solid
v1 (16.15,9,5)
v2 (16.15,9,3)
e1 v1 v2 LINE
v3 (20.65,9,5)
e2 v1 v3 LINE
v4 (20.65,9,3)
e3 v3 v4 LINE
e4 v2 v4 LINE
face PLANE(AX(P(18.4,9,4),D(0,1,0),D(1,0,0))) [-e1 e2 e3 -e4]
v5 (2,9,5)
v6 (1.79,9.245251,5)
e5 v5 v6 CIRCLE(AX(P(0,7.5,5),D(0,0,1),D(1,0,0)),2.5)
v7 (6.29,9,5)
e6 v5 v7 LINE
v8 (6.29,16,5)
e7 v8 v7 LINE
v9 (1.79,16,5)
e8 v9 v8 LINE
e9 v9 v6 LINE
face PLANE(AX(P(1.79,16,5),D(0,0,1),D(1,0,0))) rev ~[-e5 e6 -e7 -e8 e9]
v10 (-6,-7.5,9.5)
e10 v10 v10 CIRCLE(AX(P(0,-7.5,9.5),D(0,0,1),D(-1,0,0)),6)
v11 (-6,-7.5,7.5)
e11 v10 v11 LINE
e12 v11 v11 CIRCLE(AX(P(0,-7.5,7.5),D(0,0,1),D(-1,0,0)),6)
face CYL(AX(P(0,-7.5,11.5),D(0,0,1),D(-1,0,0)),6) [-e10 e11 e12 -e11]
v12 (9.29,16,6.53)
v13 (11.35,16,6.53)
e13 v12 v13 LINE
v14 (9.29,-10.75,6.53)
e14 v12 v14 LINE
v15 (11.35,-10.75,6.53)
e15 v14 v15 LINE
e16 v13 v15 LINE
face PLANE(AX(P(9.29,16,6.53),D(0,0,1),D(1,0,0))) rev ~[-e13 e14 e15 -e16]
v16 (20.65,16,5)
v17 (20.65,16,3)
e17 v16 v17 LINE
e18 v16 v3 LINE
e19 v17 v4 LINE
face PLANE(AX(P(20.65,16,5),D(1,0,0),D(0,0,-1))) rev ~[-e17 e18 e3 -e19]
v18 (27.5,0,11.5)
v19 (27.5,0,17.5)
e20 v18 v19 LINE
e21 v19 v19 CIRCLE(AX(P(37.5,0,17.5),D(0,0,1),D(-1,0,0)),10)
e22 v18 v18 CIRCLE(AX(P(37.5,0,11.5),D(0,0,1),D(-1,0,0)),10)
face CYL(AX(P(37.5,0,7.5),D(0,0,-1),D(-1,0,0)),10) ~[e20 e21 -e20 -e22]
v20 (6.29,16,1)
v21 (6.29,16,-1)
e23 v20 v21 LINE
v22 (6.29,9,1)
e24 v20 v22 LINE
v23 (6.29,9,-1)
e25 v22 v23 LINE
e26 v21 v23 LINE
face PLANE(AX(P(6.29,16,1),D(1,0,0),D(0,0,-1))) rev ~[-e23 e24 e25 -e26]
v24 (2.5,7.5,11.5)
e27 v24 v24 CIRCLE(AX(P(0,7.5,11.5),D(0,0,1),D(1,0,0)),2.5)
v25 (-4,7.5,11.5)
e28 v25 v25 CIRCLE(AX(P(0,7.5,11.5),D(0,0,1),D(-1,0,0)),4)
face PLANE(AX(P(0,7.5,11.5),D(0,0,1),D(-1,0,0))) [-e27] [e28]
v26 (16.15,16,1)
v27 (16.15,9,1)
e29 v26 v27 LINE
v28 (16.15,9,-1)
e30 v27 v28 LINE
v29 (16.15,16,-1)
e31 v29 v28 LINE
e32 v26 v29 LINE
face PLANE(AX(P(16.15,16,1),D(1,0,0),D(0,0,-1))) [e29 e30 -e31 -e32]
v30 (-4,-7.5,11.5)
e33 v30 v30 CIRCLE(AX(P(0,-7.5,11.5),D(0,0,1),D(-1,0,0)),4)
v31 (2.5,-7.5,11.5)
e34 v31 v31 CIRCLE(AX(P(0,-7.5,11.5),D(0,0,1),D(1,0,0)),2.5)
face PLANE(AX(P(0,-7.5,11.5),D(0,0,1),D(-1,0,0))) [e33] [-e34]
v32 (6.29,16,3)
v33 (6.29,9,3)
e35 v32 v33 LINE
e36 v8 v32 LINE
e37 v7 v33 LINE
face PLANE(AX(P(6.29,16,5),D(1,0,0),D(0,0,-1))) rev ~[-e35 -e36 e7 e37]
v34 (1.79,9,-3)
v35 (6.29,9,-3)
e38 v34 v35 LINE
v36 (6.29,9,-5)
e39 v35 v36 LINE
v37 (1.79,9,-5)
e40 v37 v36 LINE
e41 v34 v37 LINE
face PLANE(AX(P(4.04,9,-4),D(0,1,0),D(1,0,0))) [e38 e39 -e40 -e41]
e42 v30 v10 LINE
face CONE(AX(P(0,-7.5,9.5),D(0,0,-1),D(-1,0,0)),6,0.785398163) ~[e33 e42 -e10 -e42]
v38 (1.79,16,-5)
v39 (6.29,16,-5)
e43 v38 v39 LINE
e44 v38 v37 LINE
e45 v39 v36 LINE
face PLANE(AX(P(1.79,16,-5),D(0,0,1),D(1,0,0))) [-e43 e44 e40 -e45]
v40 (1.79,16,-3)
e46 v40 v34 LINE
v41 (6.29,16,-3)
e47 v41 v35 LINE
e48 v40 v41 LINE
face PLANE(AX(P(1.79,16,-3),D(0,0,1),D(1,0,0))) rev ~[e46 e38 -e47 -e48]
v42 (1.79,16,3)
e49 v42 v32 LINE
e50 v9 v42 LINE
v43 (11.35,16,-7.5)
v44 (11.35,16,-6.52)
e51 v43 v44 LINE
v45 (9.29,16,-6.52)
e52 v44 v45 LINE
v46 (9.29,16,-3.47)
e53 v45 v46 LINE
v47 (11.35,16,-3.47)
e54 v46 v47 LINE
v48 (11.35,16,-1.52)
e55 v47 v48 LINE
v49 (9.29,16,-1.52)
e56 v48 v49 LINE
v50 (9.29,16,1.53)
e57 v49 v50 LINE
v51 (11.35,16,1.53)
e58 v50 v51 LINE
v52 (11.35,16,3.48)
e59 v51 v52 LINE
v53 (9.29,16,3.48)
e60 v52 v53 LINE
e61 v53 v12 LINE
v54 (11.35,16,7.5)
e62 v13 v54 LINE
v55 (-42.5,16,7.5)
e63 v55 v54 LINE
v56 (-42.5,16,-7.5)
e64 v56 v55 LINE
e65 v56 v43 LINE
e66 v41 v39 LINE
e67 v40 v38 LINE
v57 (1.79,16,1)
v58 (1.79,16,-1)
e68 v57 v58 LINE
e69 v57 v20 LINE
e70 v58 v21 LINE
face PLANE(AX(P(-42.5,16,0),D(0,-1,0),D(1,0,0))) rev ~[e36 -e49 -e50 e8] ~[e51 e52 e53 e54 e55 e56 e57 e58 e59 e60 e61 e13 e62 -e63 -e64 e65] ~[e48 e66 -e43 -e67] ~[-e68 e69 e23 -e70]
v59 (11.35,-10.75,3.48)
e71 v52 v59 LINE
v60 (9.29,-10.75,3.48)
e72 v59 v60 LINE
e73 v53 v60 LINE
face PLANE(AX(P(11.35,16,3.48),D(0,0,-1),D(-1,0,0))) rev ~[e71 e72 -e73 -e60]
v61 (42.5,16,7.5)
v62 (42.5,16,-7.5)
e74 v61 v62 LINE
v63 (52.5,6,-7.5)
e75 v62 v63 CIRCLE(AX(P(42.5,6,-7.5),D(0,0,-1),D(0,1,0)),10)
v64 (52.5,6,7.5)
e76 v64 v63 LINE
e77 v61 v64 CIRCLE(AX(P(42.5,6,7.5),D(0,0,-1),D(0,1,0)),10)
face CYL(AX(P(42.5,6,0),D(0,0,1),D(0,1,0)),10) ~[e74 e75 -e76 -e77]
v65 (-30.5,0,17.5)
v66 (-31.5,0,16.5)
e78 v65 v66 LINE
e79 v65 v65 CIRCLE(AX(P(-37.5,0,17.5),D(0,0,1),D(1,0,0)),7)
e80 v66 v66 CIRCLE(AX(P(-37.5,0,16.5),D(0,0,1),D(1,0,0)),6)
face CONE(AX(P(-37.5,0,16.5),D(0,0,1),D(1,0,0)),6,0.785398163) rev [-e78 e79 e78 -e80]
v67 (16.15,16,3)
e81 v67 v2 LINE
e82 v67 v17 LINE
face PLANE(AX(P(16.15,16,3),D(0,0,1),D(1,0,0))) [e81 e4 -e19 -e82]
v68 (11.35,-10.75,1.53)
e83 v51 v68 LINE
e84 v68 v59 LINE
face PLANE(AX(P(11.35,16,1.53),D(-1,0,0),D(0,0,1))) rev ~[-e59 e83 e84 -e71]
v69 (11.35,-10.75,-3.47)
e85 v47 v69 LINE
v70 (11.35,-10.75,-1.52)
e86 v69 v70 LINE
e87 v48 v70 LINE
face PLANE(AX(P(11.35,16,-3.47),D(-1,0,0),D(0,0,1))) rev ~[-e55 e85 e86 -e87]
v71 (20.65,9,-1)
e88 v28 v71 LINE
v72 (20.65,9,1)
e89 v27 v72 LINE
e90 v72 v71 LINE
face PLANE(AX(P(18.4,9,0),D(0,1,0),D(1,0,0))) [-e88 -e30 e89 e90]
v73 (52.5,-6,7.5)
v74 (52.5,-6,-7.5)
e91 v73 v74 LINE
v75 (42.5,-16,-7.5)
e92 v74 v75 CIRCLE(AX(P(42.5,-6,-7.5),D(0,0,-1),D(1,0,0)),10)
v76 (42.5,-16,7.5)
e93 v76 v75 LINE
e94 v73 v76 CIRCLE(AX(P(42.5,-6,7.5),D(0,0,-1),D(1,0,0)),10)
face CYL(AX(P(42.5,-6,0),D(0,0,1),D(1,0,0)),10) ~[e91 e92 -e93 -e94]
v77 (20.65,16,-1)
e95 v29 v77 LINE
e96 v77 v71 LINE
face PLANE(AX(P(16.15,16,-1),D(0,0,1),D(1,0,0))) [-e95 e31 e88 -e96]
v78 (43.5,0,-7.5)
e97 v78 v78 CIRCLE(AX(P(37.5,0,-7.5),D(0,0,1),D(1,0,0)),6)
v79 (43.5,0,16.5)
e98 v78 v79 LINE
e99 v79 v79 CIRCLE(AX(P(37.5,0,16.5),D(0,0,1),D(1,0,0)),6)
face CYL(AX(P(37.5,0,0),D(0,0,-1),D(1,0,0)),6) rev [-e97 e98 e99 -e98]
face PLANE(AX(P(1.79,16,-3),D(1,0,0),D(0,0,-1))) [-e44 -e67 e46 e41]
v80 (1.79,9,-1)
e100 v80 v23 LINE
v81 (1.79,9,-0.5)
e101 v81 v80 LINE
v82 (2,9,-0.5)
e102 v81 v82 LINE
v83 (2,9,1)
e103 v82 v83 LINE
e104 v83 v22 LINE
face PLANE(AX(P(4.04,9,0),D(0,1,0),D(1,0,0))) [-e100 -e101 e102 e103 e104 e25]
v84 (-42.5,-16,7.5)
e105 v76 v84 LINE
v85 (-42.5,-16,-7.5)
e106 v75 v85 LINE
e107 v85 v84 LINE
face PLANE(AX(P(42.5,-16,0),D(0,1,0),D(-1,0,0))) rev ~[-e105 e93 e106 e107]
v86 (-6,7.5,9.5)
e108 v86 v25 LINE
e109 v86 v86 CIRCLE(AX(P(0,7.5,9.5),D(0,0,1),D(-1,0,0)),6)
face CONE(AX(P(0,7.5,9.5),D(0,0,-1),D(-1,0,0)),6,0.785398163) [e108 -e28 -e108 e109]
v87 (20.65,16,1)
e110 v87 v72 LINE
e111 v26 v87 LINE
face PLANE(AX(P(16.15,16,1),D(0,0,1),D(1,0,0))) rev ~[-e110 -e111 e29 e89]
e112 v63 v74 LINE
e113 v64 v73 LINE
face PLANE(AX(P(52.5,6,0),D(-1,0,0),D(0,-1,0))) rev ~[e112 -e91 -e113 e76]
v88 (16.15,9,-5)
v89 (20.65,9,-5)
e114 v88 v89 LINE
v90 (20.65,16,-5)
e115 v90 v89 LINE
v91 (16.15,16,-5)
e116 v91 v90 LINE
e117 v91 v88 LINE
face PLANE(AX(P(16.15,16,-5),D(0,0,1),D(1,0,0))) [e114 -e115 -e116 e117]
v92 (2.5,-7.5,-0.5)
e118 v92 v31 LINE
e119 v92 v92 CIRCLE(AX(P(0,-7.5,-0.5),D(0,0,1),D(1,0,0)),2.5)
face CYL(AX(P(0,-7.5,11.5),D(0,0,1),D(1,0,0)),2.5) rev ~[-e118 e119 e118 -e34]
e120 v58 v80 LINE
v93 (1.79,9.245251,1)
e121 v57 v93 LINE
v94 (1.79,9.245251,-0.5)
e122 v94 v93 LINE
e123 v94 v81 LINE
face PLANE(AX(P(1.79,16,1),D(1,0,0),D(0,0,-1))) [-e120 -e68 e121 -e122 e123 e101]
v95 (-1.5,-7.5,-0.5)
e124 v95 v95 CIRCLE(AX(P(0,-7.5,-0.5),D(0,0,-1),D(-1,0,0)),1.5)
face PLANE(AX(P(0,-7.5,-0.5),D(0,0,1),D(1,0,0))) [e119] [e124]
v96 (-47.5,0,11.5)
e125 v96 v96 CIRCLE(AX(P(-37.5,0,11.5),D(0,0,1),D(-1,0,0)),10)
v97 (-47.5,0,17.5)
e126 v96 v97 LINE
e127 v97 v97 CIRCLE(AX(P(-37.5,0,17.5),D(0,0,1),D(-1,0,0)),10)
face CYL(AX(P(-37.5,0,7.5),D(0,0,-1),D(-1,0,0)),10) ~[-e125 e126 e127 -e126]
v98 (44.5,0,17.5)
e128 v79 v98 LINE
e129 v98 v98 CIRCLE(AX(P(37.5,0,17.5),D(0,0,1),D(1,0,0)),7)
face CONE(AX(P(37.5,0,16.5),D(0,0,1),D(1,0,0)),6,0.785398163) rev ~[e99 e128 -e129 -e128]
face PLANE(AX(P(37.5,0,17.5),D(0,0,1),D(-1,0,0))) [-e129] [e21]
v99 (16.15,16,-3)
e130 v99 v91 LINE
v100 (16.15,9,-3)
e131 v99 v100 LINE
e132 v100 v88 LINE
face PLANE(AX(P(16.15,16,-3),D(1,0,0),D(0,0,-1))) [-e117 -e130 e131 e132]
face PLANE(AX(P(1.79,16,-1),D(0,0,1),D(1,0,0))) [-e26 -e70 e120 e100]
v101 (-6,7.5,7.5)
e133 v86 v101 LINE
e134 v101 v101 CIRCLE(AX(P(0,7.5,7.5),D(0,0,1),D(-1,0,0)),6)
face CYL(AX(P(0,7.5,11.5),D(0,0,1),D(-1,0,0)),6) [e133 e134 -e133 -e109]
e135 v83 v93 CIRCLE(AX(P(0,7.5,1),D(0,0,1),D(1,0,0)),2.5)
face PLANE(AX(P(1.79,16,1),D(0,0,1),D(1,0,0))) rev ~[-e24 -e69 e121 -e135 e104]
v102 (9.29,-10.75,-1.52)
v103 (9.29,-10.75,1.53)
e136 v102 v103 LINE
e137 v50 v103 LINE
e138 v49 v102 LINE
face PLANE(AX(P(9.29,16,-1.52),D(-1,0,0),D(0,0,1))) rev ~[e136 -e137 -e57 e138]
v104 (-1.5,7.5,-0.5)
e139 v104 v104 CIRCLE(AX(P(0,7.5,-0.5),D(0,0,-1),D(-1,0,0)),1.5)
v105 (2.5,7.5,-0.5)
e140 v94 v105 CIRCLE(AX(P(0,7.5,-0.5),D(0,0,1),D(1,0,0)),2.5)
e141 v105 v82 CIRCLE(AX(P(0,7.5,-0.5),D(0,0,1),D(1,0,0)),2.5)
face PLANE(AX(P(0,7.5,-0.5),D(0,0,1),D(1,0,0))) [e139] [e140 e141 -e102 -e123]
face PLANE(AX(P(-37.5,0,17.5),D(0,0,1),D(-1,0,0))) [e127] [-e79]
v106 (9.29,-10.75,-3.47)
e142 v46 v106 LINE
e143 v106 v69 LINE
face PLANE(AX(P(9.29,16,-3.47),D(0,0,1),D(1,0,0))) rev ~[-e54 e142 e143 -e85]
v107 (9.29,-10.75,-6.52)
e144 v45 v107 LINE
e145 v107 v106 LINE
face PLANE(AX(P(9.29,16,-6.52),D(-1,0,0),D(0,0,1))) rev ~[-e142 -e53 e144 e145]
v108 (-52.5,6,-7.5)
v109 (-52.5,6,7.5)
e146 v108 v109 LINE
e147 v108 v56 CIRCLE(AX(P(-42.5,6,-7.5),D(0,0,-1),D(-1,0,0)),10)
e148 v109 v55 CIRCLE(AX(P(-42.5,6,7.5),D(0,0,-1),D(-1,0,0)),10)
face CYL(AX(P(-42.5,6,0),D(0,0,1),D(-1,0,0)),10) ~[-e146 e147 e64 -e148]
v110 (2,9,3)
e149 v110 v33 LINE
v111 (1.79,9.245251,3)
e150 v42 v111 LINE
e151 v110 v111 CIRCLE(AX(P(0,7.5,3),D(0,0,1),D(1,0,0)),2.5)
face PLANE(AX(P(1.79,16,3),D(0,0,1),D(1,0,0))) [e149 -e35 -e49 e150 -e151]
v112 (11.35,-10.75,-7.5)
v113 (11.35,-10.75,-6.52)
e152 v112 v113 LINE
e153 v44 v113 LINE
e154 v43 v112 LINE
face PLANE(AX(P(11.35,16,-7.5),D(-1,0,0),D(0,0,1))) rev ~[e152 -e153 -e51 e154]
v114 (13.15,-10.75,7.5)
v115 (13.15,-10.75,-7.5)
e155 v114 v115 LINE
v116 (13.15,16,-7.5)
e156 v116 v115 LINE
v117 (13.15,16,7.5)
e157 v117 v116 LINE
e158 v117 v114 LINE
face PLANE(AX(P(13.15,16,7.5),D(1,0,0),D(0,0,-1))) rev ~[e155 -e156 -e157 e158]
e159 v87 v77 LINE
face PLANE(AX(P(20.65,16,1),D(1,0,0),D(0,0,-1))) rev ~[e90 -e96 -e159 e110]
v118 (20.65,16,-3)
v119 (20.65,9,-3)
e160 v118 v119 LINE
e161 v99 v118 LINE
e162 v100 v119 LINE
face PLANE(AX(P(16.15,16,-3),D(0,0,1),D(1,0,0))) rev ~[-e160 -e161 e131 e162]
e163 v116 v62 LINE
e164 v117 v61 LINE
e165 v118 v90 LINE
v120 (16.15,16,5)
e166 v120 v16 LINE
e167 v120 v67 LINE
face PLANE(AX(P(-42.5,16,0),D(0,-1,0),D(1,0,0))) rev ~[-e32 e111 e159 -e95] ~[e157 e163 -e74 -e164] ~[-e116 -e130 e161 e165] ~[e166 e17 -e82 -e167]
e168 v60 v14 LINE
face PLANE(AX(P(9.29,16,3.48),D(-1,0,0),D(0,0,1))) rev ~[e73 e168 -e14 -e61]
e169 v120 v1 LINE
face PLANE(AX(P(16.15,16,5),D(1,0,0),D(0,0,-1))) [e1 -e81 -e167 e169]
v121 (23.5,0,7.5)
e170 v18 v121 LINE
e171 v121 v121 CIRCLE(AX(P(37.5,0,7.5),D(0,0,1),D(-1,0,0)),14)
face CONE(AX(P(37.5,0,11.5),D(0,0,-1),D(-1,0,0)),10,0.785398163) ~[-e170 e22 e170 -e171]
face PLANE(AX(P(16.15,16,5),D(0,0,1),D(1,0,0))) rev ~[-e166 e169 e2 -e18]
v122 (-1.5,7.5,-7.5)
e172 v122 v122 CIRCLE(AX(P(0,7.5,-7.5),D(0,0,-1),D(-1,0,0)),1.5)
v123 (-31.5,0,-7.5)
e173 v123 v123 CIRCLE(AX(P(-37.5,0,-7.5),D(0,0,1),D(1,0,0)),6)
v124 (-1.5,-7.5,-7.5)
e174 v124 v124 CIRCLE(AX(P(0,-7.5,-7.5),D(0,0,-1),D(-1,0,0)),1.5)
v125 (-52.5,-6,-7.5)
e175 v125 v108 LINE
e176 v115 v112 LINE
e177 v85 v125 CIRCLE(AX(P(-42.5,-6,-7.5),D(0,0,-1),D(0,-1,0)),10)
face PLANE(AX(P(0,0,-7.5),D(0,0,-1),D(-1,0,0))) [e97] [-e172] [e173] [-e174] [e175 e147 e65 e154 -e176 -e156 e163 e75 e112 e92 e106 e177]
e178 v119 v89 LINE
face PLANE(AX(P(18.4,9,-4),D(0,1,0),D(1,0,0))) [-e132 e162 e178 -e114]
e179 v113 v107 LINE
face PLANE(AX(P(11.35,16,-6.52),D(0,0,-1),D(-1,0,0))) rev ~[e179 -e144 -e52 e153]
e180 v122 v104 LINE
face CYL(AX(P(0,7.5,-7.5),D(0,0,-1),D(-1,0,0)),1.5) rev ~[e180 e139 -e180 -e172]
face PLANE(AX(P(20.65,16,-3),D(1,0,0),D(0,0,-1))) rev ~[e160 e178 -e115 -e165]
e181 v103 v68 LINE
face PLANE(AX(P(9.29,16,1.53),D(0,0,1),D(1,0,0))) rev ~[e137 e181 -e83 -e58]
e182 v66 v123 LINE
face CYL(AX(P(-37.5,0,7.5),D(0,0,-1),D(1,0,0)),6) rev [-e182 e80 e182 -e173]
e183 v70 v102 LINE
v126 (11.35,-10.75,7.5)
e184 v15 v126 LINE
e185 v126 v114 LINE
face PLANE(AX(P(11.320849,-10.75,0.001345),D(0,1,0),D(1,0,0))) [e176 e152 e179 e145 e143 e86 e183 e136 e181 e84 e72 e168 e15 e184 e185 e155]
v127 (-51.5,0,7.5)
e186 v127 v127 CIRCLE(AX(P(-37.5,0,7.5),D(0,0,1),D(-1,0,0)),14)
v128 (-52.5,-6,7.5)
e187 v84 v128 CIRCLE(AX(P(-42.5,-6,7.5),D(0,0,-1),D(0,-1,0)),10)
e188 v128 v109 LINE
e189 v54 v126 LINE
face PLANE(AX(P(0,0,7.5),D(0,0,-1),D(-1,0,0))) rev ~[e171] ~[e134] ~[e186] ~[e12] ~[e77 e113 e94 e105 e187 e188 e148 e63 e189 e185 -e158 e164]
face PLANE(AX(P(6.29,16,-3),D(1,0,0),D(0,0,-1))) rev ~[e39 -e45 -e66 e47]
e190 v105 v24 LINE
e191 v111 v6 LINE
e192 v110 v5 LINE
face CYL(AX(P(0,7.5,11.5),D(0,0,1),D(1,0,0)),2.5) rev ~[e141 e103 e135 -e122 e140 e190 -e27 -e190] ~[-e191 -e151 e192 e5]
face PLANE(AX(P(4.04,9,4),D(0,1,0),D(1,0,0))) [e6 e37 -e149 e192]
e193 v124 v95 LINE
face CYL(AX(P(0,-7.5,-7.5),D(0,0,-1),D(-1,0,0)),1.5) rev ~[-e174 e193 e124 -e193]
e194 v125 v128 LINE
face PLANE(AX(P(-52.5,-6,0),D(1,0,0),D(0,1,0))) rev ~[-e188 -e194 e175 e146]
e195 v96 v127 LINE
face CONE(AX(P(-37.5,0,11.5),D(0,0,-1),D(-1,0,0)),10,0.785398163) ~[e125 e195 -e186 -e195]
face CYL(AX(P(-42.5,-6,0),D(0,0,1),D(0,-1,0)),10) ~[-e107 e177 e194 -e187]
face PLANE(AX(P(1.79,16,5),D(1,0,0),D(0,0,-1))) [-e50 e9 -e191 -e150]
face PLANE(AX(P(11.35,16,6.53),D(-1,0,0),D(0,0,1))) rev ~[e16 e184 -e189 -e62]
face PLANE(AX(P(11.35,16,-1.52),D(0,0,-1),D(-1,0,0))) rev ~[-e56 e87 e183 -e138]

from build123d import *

# Parameters (mm, degrees)
SKETCH_1_R          = 6
EXTRUDE_1_DEPTH     = 7.5
CUT_EXTRUDE_1_DEPTH = 26.75
SKETCH_4_W          = 4.5
SKETCH_4_H          = 2
CUT_EXTRUDE_2_DEPTH = 7
SKETCH_5_R          = 10
SKETCH_5_R_2        = 6
EXTRUDE_2_DEPTH     = 10
CHAMFER_1_SIZE      = 4
CHAMFER_2_SIZE      = 1
SKETCH_6_R          = 1.5
CUT_EXTRUDE_3_DEPTH = 61.309617807
SKETCH_8_R          = 2.5
CUT_EXTRUDE_4_DEPTH = 8
EXTRUDE_START       = 4
SKETCH_9_R          = 6
SKETCH_9_R_2        = 2.5
EXTRUDE_3_DEPTH     = 4
CHAMFER_4_SIZE      = 2


with BuildPart() as part:
    # 草图1 → 凸台-拉伸1 (new, symmetric)
    with BuildSketch(Plane.XY):
        with BuildLine():
            Line((-42.5, 16), (42.5, 16))
            ThreePointArc((42.5, 16), (49.571067812, 13.071067812), (52.5, 6))
            Line((52.5, 6), (52.5, -6))
            ThreePointArc((52.5, -6), (49.571067812, -13.071067812), (42.5, -16))
            Line((42.5, -16), (-42.5, -16))
            ThreePointArc((-42.5, -16), (-49.571067812, -13.071067812), (-52.5, -6))
            Line((-52.5, -6), (-52.5, 6))
            ThreePointArc((-52.5, 6), (-49.571067812, 13.071067812), (-42.5, 16))
        make_face()
        with Locations((-37.5, 0)):
            Circle(SKETCH_1_R, mode=Mode.SUBTRACT)
        with Locations((37.5, 0)):
            Circle(SKETCH_1_R, mode=Mode.SUBTRACT)
    extrude(amount=EXTRUDE_1_DEPTH, both=True)

    # 草图2 → 切除-拉伸1 (cut)
    with BuildSketch(Plane(origin=(0, 16, 0), x_dir=(1, 0, 0), z_dir=(0, 1, 0))):
        Polygon((13.15, 7.5), (11.35, 7.5), (11.35, 6.52), (9.29, 6.52), (9.29, 3.47), (11.35, 3.47), (11.35, 1.52), (9.29, 1.52), (9.29, -1.53), (11.35, -1.53), (11.35, -3.48), (9.29, -3.48), (9.29, -6.53), (11.35, -6.53), (11.35, -7.5), (13.15, -7.5), align=None)
    extrude(amount=-CUT_EXTRUDE_1_DEPTH, mode=Mode.SUBTRACT)

    # 草图4 → 切除-拉伸2 (cut)
    with BuildSketch(Plane(origin=(0, 16, 0), x_dir=(1, 0, 0), z_dir=(0, 1, 0))):
        with Locations((4.04, 4)):
            Rectangle(SKETCH_4_W, SKETCH_4_H)
        with Locations((4.04, 0)):
            Rectangle(SKETCH_4_W, SKETCH_4_H)
        with Locations((4.04, -4)):
            Rectangle(SKETCH_4_W, SKETCH_4_H)
        with Locations((18.4, 4)):
            Rectangle(SKETCH_4_W, SKETCH_4_H)
        with Locations((18.4, 0)):
            Rectangle(SKETCH_4_W, SKETCH_4_H)
        with Locations((18.4, -4)):
            Rectangle(SKETCH_4_W, SKETCH_4_H)
    extrude(amount=-CUT_EXTRUDE_2_DEPTH, mode=Mode.SUBTRACT)

    # 草图5 → 凸台-拉伸2 (add)
    # profile 1 of 2: a face of its own
    with BuildSketch(Plane.XY.offset(7.5)):
        with Locations(Location((-37.5, 0, 0), (0, 0, 180))):
            Circle(SKETCH_5_R)
        with Locations((-37.5, 0)):
            Circle(SKETCH_5_R_2, mode=Mode.SUBTRACT)
    # profile 2 of 2: a face of its own
    with BuildSketch(Plane.XY.offset(7.5)):
        with Locations(Location((37.5, 0, 0), (0, 0, 180))):
            Circle(SKETCH_5_R)
        with Locations((37.5, 0)):
            Circle(SKETCH_5_R_2, mode=Mode.SUBTRACT)
    extrude(amount=EXTRUDE_2_DEPTH)

    # 倒角1
    chamfer_1_edges = [part.edges().sort_by_distance(p)[0] for p in [
        (-27.5, 0, 7.5),
        (47.5, 0, 7.5),
    ]]
    chamfer(chamfer_1_edges, length=CHAMFER_1_SIZE)

    # 倒角2
    chamfer_2_edges = [part.edges().sort_by_distance(p)[0] for p in [
        (-43.5, 0, 17.5),
        (31.5, 0, 17.5),
    ]]
    chamfer(chamfer_2_edges, length=CHAMFER_2_SIZE)

    # 草图6 → 切除-拉伸3 (cut, through all)
    with BuildSketch(Plane(origin=(0, 0, -7.5), x_dir=(-1, 0, 0), z_dir=(0, 0, -1))):
        with Locations((0, 7.5)):
            Circle(SKETCH_6_R)
        with Locations((0, -7.5)):
            Circle(SKETCH_6_R)
    extrude(amount=-CUT_EXTRUDE_3_DEPTH, mode=Mode.SUBTRACT)

    # 草图8 → 切除-拉伸4 (cut)
    with BuildSketch(Plane.XY.offset(7.5)):
        with Locations((0, 7.5)):
            Circle(SKETCH_8_R)
        with Locations((0, -7.5)):
            Circle(SKETCH_8_R)
    extrude(amount=-CUT_EXTRUDE_4_DEPTH, mode=Mode.SUBTRACT)

    # 草图9 → 凸台-拉伸3 (add)
    # profile 1 of 2: a face of its own
    with BuildSketch(Plane.XY.offset(7.5).offset(EXTRUDE_START)):
        with Locations(Location((0, 7.5, 0), (0, 0, 180))):
            Circle(SKETCH_9_R)
        with Locations((0, 7.5)):
            Circle(SKETCH_9_R_2, mode=Mode.SUBTRACT)
    # profile 2 of 2: a face of its own
    with BuildSketch(Plane.XY.offset(7.5).offset(EXTRUDE_START)):
        with Locations(Location((0, -7.5, 0), (0, 0, 180))):
            Circle(SKETCH_9_R)
        with Locations((0, -7.5)):
            Circle(SKETCH_9_R_2, mode=Mode.SUBTRACT)
    extrude(amount=-EXTRUDE_3_DEPTH)

    # 倒角4
    chamfer_4_edges = [part.edges().sort_by_distance(p)[0] for p in [
        (6, 7.5, 11.5),
        (6, -7.5, 11.5),
    ]]
    chamfer(chamfer_4_edges, length=CHAMFER_4_SIZE)


solid = part.part
